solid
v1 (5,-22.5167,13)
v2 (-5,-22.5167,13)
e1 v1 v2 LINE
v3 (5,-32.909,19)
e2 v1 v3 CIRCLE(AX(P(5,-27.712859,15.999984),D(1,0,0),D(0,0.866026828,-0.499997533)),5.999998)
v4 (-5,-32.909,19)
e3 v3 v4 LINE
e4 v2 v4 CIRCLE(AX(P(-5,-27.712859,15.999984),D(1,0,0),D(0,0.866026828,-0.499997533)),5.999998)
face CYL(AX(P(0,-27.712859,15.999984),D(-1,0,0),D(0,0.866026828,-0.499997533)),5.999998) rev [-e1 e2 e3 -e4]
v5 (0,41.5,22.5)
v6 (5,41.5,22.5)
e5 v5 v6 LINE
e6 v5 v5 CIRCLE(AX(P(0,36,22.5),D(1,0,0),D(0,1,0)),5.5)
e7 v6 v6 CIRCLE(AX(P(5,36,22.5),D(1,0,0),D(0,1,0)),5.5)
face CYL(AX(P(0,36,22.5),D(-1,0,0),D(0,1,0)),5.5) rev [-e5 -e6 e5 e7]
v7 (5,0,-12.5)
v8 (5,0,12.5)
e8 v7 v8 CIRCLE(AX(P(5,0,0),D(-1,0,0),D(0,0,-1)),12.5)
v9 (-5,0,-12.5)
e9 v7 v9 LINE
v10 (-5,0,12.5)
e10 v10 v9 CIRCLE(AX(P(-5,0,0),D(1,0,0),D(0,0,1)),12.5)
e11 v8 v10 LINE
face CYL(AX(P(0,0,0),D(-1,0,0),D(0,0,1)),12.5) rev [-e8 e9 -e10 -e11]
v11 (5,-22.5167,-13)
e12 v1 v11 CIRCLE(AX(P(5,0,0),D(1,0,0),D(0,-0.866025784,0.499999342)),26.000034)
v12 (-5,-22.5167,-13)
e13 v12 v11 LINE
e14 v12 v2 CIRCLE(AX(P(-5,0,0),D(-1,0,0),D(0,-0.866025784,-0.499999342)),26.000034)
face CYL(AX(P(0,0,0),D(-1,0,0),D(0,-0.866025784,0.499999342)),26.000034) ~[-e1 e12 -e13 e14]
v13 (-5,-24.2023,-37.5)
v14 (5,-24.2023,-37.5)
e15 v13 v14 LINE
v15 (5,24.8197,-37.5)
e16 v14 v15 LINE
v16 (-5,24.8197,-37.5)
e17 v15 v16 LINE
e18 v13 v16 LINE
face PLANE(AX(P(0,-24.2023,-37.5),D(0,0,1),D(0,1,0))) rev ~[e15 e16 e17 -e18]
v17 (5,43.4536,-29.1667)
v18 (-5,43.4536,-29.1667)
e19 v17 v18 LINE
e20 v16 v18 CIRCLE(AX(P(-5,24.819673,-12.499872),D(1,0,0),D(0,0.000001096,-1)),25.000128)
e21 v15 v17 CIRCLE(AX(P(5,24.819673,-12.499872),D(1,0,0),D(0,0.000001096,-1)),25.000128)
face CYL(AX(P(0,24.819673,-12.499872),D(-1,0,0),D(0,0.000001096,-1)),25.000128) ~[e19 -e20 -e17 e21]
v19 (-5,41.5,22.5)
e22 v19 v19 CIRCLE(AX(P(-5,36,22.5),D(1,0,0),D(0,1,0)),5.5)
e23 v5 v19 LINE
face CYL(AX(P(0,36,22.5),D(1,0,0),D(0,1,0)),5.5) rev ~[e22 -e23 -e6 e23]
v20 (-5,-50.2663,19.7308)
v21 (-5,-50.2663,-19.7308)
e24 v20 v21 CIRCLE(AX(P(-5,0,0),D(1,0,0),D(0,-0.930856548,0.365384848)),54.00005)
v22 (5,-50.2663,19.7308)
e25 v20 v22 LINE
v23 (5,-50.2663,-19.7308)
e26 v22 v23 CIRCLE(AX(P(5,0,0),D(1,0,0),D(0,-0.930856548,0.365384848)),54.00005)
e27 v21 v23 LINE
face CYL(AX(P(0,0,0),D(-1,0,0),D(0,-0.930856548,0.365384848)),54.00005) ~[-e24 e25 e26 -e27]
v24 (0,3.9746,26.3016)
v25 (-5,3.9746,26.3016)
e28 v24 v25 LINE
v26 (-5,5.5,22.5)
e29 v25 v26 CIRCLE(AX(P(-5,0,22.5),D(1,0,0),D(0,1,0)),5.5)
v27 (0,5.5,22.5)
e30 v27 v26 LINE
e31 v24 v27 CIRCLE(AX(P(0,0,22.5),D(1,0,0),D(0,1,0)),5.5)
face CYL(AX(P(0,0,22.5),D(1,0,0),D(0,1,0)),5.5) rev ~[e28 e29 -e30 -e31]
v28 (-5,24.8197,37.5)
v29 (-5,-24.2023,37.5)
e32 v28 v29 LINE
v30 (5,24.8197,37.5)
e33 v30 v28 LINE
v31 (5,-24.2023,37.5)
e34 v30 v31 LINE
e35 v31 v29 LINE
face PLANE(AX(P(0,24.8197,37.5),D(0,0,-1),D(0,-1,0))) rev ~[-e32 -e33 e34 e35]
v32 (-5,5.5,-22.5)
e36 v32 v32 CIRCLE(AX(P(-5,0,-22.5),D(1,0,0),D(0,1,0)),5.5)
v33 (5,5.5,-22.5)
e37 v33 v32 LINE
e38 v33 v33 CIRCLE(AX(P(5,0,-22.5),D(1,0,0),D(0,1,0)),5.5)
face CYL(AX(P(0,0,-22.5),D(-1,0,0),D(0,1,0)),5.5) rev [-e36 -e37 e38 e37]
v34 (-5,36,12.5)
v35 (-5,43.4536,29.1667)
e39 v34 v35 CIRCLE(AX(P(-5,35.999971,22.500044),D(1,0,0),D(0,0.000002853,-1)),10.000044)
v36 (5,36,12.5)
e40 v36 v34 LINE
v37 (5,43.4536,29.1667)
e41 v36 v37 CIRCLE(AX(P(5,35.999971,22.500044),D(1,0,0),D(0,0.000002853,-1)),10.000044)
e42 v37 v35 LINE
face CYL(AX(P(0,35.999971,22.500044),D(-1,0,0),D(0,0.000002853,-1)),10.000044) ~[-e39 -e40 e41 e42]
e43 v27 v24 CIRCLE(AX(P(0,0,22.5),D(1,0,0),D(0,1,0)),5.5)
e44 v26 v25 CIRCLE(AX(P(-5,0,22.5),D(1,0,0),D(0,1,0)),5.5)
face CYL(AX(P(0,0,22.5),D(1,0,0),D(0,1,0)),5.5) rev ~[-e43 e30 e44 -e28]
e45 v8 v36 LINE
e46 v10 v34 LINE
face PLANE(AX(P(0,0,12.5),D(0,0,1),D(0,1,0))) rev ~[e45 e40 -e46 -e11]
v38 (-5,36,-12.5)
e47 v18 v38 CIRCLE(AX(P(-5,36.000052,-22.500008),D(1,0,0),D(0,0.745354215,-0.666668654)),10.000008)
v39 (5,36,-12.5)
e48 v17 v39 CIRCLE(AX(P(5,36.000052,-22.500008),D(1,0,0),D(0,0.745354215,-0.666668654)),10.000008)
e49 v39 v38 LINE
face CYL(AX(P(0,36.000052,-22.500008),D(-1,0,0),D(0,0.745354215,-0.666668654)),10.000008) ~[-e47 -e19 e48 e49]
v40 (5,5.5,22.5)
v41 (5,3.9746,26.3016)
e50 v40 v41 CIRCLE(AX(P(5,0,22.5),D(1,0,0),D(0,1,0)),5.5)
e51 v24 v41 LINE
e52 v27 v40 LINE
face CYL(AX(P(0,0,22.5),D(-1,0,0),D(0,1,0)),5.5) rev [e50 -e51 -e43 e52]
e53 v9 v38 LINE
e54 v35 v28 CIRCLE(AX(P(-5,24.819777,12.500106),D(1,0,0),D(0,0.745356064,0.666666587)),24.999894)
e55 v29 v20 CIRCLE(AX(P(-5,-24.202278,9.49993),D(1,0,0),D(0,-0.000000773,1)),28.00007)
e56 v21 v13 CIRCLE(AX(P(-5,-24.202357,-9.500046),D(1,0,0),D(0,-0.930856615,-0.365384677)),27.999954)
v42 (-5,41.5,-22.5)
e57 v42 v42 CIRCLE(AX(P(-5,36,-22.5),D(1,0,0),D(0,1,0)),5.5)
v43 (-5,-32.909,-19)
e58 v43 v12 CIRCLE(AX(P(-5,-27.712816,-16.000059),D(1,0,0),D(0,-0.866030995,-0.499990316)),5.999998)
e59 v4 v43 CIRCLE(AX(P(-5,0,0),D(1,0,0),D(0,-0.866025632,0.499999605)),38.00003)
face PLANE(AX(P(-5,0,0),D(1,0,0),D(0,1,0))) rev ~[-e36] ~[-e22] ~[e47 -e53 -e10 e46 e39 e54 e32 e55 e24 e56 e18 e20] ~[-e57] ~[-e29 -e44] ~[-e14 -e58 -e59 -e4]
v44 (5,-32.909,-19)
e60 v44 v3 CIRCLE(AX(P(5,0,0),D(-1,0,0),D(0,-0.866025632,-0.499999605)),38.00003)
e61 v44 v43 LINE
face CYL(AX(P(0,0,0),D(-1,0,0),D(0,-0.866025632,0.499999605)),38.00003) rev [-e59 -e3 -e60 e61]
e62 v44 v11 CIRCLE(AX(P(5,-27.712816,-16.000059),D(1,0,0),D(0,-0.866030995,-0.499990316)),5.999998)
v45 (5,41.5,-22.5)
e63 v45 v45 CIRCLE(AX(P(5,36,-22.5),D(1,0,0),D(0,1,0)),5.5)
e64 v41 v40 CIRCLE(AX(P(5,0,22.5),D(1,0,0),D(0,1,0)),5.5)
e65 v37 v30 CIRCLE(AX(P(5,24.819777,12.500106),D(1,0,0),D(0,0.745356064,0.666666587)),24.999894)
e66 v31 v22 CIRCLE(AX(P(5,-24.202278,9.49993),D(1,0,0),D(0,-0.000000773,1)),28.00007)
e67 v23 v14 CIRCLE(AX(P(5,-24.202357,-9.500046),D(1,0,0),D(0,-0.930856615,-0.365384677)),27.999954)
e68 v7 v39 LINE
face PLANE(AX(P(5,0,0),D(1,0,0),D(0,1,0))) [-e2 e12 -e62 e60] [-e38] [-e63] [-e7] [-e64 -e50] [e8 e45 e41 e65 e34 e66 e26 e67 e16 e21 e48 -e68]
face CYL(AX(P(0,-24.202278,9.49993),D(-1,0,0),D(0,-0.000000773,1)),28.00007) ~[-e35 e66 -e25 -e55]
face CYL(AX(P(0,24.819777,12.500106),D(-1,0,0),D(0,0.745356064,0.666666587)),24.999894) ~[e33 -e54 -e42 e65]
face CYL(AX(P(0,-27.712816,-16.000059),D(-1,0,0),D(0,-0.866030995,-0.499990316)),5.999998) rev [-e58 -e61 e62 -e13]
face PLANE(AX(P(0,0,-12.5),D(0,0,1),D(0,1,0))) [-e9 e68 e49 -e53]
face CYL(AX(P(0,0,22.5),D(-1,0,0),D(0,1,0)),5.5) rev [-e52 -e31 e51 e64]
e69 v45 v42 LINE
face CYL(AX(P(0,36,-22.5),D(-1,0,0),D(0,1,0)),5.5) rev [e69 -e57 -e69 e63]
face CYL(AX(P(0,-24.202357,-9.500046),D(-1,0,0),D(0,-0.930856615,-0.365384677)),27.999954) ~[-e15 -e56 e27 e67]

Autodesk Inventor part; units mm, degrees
ref_plane "YZ Plane" through (0, 0, 0) normal (1, 0, 0) x (0, 1, 0)
ref_plane "XZ Plane" through (0, 0, 0) normal (0, 1, 0) x (-1, 0, 0)
ref_plane "XY Plane" through (0, 0, 0) normal (0, 0, 1) x (1, 0, 0)
sketch "Sketch1" plane through (0, 0, 0) normal (1, 0, 0) x (0, 1, 0)
  arc A0 (-50.2663, 19.7308) -> (-50.2663, -19.7308) centre (0, 0) ccw
  line L0 (24.8197, 37.5) -> (-24.2023, 37.5)
  line L1 (-24.2023, -37.5) -> (24.8197, -37.5)
  arc A1 (0, 12.5) -> (0, -12.5) centre (0, 0) ccw
  circle A2 centre (0, -22.5) radius 5.5
  circle A3 centre (0, 22.5) radius 5.5
  arc A4 (-24.2023, 37.5) -> (-50.2663, 19.7308) centre (-24.2023, 9.5) ccw
  line L2 (-14, 0) -> (-38, 0)
  arc A5 (-50.2663, -19.7308) -> (-24.2023, -37.5) centre (-24.2023, -9.5) ccw
  arc A6 (-22.5167, 13) -> (-32.909, 19) centre (-27.7128, 16) ccw
  arc A7 (-32.909, -19) -> (-22.5167, -13) centre (-27.7128, -16) ccw
  arc A8 (-32.909, 19) -> (-32.909, -19) centre (0, 0) ccw
  arc A9 (36, 12.5) -> (43.4536, 29.1667) centre (36, 22.5) ccw
  arc A10 (43.4536, -29.1667) -> (36, -12.5) centre (36, -22.5) ccw
  line L3 (0, 12.5) -> (0, -12.5)
  arc A11 (3.9746, 26.3016) -> (3.6179, 25.7471) centre (24.8197, 12.5) ccw
  arc A12 (-0.1803, 12.4987) -> (0, 9.5026) centre (24.8197, 12.5) ccw
  arc A13 (24.8197, -37.5) -> (43.4536, -29.1667) centre (24.8197, -12.5) ccw
  arc A14 (0, -9.5026) -> (-0.1803, -12.4987) centre (24.8197, -12.5) ccw
  arc A15 (43.4536, 29.1667) -> (24.8197, 37.5) centre (24.8197, 12.5) ccw
  line L4 (0, 12.5) -> (36, 12.5)
  line L5 (0, -12.5) -> (36, -12.5)
  circle A16 centre (36, 22.5) radius 5.5
  circle A17 centre (36, -22.5) radius 5.5
  arc A18 (-22.5167, 13) -> (-22.5167, -13) centre (0, 0) ccw
  dimension "d21" = 11
  dimension "d12" = 20
  dimension "d19" = 25
  dimension "d22" = 11
  dimension "d23" = 11
  dimension "d24" = 36
  dimension "d25" = 32
  dimension "d26" = 6
extrude "Extrusion1" add sketch "Sketch1" along normal mid plane 10 contours A4 L0 A15 A9 L4 A1 L5 A10 A13 L1 A5 A0
properties part number "hw7"
